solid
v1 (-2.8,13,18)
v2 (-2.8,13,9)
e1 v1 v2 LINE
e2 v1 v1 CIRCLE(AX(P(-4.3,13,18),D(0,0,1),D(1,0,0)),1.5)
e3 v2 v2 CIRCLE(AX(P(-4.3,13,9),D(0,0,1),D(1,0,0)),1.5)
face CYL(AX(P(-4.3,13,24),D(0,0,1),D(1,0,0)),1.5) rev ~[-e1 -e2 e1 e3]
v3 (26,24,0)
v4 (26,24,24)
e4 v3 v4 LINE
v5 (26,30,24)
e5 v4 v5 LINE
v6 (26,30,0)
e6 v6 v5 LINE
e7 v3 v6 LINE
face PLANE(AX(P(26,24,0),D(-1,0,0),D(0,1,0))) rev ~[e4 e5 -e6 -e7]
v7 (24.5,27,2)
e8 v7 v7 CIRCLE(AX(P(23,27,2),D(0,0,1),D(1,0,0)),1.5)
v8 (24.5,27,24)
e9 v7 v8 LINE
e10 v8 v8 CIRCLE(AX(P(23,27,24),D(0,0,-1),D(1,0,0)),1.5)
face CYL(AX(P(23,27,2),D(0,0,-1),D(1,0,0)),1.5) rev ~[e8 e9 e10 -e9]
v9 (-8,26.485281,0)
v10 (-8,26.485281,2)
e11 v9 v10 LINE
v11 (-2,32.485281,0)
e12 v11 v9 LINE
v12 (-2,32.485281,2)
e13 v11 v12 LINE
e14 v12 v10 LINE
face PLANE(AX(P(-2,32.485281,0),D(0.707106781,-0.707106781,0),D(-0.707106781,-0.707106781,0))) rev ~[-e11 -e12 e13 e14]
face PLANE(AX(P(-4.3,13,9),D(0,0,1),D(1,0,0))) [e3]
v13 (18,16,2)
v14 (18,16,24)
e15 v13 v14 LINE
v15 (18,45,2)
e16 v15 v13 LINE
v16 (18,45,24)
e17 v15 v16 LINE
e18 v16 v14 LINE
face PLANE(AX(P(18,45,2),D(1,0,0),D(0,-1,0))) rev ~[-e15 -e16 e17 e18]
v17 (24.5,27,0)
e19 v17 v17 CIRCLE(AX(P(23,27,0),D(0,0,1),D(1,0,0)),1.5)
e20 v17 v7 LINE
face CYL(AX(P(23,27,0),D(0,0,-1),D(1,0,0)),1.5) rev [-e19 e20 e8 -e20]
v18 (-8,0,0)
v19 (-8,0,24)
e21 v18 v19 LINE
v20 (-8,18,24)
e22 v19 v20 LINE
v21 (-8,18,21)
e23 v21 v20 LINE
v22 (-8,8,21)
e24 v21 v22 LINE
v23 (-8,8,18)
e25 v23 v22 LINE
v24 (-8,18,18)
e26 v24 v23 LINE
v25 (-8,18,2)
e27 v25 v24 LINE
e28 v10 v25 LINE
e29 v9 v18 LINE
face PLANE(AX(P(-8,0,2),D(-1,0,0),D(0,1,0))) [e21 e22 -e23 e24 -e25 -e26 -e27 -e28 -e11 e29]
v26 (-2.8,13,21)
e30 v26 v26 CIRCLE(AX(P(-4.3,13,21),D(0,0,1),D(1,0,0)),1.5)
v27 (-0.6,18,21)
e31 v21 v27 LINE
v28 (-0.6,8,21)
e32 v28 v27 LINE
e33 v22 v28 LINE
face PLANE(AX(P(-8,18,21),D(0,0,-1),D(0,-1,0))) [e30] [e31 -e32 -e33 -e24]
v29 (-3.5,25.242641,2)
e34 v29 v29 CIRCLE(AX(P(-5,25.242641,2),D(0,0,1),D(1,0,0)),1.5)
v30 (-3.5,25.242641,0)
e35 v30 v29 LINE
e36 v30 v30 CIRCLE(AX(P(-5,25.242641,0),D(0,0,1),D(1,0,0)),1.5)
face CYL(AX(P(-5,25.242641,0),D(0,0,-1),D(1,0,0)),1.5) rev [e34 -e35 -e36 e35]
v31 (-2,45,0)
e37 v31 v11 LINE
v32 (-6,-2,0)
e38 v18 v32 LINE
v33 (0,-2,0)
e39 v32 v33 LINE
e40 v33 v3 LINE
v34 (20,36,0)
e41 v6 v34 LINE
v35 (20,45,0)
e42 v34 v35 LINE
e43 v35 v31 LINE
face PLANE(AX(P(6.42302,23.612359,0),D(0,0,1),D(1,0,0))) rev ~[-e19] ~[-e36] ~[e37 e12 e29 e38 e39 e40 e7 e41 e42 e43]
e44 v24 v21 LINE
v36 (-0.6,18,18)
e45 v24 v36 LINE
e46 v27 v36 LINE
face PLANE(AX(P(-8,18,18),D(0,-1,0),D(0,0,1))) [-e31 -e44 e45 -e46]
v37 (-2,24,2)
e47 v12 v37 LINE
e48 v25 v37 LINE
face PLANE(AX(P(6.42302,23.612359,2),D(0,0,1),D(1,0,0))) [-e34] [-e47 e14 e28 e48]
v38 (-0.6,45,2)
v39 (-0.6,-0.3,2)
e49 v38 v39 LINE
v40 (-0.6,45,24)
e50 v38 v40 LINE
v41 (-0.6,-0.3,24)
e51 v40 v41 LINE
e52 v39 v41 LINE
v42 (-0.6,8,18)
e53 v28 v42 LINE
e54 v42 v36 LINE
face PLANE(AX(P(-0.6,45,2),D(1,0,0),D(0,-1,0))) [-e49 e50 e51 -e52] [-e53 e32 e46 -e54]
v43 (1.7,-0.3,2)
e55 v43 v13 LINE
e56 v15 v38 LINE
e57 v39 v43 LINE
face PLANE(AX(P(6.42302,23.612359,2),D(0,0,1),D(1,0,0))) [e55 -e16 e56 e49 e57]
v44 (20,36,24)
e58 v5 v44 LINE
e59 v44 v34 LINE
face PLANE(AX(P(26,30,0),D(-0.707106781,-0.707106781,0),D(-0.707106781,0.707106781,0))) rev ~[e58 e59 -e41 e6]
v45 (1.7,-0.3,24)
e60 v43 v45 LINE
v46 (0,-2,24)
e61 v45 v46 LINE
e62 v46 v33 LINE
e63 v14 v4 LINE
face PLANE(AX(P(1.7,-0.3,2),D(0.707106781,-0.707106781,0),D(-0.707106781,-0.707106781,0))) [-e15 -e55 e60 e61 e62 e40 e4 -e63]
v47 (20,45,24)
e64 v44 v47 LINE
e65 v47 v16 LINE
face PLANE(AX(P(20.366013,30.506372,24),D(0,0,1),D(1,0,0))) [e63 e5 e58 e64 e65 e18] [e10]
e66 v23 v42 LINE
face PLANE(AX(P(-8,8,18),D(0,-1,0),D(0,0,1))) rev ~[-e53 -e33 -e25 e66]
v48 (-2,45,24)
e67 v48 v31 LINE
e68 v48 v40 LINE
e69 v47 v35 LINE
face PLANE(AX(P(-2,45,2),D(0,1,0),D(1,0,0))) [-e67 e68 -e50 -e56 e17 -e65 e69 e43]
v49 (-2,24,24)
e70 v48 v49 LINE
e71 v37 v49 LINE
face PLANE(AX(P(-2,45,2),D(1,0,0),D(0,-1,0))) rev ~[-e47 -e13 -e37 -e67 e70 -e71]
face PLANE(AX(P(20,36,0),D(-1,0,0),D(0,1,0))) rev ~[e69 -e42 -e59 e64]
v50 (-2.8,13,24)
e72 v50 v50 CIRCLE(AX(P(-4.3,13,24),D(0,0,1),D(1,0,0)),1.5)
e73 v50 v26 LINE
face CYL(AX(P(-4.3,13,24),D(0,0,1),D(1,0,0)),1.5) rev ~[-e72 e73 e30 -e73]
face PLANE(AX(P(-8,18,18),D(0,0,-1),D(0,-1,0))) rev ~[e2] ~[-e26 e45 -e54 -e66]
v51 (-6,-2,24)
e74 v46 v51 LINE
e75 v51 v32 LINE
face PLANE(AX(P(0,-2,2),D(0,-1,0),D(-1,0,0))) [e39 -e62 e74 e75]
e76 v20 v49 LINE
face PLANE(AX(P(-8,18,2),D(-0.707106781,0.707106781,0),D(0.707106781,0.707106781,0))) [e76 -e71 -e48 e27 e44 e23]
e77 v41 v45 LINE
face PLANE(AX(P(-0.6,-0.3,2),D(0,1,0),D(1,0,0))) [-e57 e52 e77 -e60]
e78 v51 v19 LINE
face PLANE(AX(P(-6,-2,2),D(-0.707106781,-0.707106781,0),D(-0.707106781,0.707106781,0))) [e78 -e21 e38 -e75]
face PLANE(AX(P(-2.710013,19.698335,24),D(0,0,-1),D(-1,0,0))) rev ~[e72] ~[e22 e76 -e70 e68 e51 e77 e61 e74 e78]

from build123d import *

# Parameters (mm, degrees)
SKETCH_R        = 1.5
PAD_DEPTH       = 2
PAD001_DEPTH    = 22
SKETCH002_R     = 1.5
POCKET_DEPTH    = 32
SKETCH003_R     = 1.5
POCKET001_DEPTH = 15
SKETCH004_W     = 10
SKETCH004_H     = 3
POCKET002_DEPTH = 8


with BuildPart() as part:
    # Sketch → Pad (new body)
    with BuildSketch(Plane.XY):
        Polygon((-6, -2), (0, -2), (20, 18), (26, 24), (26, 30), (20, 36), (20, 45), (-2, 45), (-2, 32.485281), (-8, 26.485281), (-8, 18), (-8, 0), align=None)
        with Locations((-5, 25.242641)):
            Circle(SKETCH_R, mode=Mode.SUBTRACT)
        with Locations((23, 27)):
            Circle(SKETCH_R, mode=Mode.SUBTRACT)
    extrude(amount=PAD_DEPTH)

    # Sketch001 (on Face16 of Pad) → Pad001 (join)
    with BuildSketch(Plane.XY.offset(2)):
        Polygon((-2, 32.485281), (-2, 45), (-0.6, 45), (-0.6, -0.3), (1.7, -0.3), (0, -2), (-6, -2), (-8, 0), (-8, 18), (-2, 24), align=None)
        Polygon((20, 45), (18, 45), (18, 16), (26, 24), (26, 30), (20, 36), align=None)
    extrude(amount=PAD001_DEPTH)

    # Sketch002 (on Face31 of Pad001) → Pocket (cut)
    with BuildSketch(Plane(origin=(0, 0, 2), x_dir=(1, 0, 0), z_dir=(0, 0, -1))):
        with Locations((23, -27)):
            Circle(SKETCH002_R)
    extrude(amount=-POCKET_DEPTH, mode=Mode.SUBTRACT)

    # Sketch003 (on Face19 of Pocket) → Pocket001 (cut)
    with BuildSketch(Plane.XY.offset(24)):
        with Locations((-4.3, 13)):
            Circle(SKETCH003_R)
    extrude(amount=-POCKET001_DEPTH, mode=Mode.SUBTRACT)

    # Sketch004 (on Face9 of Pocket001) → Pocket002 (cut)
    with BuildSketch(Plane(origin=(-8, 0, 0), x_dir=(0, -1, 0), z_dir=(-1, 0, 0))):
        with Locations((-13, 19.5)):
            Rectangle(SKETCH004_W, SKETCH004_H)
    extrude(amount=-POCKET002_DEPTH, mode=Mode.SUBTRACT)


solid = part.part
